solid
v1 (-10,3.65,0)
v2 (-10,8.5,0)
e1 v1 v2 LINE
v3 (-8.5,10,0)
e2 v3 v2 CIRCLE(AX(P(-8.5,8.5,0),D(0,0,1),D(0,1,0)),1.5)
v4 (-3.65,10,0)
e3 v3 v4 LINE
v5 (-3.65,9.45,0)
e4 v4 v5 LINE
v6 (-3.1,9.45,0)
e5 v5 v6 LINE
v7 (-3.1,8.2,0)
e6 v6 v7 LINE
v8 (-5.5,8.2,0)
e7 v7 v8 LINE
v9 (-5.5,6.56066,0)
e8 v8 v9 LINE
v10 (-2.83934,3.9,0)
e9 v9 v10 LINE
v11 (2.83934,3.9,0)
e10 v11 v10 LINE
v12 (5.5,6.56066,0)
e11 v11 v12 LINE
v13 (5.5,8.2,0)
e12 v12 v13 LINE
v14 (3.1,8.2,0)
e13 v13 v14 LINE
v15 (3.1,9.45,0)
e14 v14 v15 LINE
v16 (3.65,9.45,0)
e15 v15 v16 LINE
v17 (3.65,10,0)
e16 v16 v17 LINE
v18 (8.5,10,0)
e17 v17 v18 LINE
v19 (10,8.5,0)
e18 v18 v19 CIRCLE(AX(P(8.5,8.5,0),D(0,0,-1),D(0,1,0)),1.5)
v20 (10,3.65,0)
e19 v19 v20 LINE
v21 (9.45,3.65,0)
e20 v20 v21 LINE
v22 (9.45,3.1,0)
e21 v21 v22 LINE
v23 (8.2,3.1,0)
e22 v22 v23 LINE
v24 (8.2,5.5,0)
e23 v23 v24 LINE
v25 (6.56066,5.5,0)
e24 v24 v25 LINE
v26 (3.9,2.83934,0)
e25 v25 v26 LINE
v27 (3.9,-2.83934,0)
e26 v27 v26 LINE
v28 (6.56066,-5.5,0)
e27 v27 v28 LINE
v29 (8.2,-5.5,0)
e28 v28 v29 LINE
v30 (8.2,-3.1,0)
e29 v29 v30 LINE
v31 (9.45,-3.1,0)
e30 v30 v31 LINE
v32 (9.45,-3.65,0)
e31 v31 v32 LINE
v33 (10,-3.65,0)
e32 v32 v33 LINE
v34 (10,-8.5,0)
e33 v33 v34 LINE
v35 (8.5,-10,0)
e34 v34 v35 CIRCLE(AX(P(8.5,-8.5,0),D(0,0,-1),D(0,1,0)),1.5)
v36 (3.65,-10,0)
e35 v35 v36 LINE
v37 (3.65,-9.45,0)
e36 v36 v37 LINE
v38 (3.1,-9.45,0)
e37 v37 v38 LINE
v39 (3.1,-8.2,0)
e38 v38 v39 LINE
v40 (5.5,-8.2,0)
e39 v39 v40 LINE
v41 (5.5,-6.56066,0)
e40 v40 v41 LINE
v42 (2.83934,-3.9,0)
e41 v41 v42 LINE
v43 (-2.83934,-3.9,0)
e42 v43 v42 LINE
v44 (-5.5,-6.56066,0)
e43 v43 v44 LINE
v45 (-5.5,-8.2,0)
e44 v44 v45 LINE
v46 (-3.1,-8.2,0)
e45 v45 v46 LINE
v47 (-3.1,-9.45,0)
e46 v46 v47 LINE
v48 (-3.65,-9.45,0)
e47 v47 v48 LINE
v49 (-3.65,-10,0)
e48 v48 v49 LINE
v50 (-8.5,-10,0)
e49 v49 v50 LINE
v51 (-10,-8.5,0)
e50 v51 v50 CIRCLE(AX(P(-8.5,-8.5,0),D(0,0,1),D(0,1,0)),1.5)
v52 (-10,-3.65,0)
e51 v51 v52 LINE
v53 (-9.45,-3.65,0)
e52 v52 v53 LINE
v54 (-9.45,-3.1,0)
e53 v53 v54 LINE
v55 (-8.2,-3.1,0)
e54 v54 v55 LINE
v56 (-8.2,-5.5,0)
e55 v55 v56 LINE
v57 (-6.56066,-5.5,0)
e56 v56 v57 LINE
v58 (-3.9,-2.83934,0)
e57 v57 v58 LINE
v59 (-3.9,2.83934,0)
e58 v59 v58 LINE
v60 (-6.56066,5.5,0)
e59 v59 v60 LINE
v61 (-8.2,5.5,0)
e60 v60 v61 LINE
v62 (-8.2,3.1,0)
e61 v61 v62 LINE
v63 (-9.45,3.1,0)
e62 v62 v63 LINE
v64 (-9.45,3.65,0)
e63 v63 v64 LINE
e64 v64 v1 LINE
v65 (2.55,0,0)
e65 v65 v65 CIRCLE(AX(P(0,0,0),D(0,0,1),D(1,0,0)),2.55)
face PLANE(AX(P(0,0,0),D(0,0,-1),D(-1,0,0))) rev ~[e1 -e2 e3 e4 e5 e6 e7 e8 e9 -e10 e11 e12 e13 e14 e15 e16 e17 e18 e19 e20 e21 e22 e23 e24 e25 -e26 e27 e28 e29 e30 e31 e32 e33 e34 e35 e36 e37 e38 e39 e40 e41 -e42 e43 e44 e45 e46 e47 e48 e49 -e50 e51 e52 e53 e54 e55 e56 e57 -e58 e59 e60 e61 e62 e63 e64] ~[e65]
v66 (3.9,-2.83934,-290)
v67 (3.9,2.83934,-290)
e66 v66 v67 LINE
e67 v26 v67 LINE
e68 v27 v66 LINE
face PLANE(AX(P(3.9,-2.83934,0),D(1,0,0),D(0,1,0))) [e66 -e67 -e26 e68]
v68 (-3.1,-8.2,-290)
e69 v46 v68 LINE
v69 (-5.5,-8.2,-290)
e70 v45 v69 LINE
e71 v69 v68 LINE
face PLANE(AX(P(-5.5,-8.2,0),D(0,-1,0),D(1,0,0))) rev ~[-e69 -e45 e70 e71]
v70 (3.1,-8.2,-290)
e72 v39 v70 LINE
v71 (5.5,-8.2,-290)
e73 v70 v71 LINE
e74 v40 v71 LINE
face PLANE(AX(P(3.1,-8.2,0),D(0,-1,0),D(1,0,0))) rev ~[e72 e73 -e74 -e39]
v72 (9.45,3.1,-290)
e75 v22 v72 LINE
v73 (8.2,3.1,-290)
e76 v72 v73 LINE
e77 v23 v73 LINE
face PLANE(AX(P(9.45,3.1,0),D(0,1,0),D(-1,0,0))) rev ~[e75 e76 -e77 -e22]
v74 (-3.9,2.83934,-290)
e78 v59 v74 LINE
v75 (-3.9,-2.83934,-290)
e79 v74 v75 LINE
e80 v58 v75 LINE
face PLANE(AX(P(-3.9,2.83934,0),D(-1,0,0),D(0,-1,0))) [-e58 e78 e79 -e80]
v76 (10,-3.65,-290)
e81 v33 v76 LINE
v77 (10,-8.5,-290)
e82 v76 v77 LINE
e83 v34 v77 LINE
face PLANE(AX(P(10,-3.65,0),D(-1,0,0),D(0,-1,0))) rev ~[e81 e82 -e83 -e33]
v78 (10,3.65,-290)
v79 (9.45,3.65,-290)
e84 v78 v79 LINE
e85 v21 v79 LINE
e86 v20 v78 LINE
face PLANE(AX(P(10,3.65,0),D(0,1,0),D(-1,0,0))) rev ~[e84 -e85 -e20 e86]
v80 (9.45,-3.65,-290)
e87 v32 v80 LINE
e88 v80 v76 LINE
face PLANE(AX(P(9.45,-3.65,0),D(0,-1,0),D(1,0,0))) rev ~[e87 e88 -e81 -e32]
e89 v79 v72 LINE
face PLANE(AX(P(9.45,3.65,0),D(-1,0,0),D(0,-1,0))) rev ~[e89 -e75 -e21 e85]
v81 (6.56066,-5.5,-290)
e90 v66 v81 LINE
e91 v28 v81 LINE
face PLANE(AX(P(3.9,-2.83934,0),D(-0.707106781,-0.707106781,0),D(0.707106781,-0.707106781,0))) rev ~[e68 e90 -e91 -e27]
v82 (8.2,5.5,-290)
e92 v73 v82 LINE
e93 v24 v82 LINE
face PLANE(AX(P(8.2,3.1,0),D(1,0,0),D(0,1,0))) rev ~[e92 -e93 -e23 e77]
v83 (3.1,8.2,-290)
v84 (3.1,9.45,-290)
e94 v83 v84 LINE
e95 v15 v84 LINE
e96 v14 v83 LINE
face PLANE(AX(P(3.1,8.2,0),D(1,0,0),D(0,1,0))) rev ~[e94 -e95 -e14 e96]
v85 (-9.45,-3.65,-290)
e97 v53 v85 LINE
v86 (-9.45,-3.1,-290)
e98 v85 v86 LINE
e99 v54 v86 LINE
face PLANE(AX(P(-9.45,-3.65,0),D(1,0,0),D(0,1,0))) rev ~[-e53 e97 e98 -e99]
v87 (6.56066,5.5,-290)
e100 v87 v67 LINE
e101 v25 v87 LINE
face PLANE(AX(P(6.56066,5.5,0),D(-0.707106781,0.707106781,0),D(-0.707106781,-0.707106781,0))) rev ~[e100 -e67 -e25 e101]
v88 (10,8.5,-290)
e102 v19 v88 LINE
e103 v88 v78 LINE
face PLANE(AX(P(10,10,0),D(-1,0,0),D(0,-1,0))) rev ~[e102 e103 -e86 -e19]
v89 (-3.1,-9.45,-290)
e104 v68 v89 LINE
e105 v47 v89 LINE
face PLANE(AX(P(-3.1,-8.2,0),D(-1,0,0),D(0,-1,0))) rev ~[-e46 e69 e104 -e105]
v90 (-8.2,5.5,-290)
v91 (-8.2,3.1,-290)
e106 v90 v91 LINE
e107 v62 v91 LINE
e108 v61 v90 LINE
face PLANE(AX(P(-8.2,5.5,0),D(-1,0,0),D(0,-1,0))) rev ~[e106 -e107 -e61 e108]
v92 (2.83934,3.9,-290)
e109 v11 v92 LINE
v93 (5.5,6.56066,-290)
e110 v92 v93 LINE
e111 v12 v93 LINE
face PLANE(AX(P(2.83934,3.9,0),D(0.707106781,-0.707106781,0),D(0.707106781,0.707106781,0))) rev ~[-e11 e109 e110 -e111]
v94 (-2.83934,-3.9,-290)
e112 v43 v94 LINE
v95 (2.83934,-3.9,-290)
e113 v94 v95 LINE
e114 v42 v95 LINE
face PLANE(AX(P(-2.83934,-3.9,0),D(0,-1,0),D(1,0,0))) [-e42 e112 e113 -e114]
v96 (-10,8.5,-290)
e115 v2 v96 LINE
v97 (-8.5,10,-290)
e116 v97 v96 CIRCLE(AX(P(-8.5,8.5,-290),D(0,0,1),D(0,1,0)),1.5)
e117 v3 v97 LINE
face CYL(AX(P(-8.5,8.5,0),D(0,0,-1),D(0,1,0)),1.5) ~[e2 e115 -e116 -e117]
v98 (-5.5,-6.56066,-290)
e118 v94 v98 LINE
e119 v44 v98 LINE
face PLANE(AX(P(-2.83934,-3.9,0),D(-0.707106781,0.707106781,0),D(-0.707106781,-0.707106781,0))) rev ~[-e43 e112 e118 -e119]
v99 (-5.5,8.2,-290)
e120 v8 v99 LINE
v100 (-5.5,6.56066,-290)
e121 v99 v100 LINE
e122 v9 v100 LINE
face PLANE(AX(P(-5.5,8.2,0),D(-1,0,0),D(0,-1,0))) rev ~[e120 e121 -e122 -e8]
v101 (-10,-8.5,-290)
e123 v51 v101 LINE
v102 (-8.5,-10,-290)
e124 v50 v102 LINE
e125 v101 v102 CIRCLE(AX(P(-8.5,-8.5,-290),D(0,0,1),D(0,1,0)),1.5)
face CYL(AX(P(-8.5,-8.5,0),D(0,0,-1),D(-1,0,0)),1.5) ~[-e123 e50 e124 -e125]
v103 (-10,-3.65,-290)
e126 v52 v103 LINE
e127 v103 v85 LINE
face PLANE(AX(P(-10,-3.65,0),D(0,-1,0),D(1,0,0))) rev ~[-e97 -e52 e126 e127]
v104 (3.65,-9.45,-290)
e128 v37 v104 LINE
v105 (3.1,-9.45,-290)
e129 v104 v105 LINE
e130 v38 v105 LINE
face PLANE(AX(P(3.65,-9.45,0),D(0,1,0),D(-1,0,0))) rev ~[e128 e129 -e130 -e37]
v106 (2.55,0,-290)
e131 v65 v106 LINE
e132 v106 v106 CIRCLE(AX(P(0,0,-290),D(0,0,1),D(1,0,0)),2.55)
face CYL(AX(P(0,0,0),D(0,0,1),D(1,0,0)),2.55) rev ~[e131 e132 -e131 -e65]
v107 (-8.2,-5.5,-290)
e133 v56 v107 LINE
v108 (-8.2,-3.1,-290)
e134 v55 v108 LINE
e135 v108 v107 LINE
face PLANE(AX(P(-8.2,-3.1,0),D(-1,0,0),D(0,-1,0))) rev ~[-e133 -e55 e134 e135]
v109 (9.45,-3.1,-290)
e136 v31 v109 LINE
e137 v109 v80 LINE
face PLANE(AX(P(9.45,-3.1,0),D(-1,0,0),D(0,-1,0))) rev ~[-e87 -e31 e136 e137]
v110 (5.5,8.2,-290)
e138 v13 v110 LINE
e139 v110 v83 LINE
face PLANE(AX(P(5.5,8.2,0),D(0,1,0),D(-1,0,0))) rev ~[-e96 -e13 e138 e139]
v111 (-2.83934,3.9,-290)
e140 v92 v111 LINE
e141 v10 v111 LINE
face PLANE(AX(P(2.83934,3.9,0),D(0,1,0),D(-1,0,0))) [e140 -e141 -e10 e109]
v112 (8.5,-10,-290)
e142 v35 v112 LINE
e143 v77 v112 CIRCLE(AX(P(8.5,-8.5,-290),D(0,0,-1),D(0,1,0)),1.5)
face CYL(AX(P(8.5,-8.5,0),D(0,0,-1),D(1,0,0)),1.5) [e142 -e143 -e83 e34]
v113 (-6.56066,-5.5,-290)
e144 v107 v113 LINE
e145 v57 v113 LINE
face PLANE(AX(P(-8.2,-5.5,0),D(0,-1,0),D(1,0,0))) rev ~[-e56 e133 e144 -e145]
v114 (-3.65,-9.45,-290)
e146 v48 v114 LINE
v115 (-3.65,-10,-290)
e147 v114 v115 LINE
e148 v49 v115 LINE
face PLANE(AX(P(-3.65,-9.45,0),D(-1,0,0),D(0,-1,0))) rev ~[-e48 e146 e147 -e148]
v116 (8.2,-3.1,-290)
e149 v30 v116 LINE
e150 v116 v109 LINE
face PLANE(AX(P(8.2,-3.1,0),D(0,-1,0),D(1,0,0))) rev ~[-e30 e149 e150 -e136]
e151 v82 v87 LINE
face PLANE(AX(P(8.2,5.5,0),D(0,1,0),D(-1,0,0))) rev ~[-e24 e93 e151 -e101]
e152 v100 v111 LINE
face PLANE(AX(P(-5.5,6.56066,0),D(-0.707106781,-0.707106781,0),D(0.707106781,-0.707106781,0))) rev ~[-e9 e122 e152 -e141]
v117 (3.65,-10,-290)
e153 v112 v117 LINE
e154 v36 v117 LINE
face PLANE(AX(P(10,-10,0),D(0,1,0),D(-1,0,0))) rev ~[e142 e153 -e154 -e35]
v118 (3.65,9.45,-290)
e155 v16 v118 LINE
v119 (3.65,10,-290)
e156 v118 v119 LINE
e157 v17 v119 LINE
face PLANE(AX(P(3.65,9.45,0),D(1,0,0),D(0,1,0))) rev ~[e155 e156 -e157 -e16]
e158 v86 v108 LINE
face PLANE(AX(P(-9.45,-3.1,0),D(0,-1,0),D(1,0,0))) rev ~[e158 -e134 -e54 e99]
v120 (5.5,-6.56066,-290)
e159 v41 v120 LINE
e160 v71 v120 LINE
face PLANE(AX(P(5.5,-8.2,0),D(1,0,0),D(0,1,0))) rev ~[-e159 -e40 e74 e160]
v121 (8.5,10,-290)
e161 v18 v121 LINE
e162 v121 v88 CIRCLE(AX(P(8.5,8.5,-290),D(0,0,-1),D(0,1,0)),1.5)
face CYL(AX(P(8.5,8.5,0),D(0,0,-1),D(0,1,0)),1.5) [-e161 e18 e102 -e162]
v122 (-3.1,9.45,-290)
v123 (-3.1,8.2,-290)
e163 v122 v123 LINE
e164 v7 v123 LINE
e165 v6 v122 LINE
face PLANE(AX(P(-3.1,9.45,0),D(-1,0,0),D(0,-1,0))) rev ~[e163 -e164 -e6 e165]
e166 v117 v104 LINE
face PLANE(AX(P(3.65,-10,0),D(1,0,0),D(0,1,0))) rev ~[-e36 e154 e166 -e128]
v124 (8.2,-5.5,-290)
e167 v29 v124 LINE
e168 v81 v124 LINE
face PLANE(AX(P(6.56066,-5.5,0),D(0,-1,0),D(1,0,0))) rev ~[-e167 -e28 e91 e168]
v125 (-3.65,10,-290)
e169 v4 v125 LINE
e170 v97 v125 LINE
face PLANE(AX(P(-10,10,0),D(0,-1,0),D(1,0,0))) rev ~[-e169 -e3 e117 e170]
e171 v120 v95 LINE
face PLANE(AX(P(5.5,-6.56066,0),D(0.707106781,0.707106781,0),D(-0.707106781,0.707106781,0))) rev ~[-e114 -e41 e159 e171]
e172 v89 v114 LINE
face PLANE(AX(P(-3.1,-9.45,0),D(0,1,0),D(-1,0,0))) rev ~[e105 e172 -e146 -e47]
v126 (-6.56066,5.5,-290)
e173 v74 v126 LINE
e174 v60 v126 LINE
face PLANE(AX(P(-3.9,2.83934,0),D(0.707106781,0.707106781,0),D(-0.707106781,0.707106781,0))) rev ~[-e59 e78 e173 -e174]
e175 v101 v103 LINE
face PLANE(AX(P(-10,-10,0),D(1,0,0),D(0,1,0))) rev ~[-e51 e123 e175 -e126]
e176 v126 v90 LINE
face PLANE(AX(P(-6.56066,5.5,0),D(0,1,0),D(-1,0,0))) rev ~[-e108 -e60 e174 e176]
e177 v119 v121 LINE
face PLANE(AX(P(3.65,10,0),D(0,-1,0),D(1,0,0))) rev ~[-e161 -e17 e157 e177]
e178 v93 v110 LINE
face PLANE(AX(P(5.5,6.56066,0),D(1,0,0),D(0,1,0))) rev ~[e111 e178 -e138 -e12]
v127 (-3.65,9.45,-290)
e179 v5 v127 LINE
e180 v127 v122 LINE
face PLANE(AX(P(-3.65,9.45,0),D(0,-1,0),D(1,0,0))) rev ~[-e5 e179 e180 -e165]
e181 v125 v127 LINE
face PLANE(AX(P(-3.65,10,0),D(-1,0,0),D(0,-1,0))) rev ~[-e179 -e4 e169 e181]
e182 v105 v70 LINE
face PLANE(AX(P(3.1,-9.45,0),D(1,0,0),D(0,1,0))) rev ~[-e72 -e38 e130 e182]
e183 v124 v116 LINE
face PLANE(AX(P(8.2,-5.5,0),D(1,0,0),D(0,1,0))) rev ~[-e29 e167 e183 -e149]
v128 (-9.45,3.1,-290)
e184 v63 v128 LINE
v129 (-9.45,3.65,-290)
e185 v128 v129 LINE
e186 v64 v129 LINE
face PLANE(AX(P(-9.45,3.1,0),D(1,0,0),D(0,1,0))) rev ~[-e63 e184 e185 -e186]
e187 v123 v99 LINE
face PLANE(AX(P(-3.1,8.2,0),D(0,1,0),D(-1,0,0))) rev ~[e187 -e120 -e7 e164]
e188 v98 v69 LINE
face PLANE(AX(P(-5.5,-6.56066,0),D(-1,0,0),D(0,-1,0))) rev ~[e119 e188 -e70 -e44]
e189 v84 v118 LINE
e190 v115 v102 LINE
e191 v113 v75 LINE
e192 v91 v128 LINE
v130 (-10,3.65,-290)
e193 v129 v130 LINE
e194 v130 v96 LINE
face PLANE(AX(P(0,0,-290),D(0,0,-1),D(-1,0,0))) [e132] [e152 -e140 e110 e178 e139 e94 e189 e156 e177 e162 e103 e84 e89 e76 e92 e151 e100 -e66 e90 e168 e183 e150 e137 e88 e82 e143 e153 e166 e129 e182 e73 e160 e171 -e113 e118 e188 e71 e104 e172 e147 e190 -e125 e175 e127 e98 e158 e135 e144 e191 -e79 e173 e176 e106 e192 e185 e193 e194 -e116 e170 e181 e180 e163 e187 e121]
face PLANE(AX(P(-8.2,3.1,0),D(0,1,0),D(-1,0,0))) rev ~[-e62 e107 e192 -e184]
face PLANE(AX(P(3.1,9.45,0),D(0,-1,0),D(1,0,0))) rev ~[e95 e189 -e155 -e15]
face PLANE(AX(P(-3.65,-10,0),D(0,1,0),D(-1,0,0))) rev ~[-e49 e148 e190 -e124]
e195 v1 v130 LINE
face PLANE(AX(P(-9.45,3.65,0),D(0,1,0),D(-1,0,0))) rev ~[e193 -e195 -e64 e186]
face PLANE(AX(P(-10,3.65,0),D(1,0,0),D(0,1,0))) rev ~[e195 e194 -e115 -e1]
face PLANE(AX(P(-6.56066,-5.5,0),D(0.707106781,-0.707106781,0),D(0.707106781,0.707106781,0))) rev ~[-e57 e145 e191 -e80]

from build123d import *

# Parameters (mm, degrees)
BOSS_EXTRUDE1_DEPTH = 290
SKETCH3_R           = 2.55
CUT_EXTRUDE1_DEPTH  = 291.344622819
FILLET1_R           = 1.5


with BuildPart() as part:
    # Sketch2 → Boss-Extrude1 (new body)
    with BuildSketch(Plane.XY):
        Polygon((-10, 10), (-3.65, 10), (-3.65, 9.45), (-3.1, 9.45), (-3.1, 8.2), (-5.5, 8.2), (-5.5, 6.560660172), (-2.839339828, 3.9), (0, 3.9), (2.839339828, 3.9), (5.5, 6.560660172), (5.5, 8.2), (3.1, 8.2), (3.1, 9.45), (3.65, 9.45), (3.65, 10), (10, 10), (10, 3.65), (9.45, 3.65), (9.45, 3.1), (8.2, 3.1), (8.2, 5.5), (6.560660172, 5.5), (3.9, 2.839339828), (3.9, 0), (3.9, -2.839339828), (6.560660172, -5.5), (8.2, -5.5), (8.2, -3.1), (9.45, -3.1), (9.45, -3.65), (10, -3.65), (10, -10), (3.65, -10), (3.65, -9.45), (3.1, -9.45), (3.1, -8.2), (5.5, -8.2), (5.5, -6.560660172), (2.839339828, -3.9), (0, -3.9), (-2.839339828, -3.9), (-5.5, -6.560660172), (-5.5, -8.2), (-3.1, -8.2), (-3.1, -9.45), (-3.65, -9.45), (-3.65, -10), (-10, -10), (-10, -3.65), (-9.45, -3.65), (-9.45, -3.1), (-8.2, -3.1), (-8.2, -5.5), (-6.560660172, -5.5), (-3.9, -2.839339828), (-3.9, 0), (-3.9, 2.839339828), (-6.560660172, 5.5), (-8.2, 5.5), (-8.2, 3.1), (-9.45, 3.1), (-9.45, 3.65), (-10, 3.65), align=None)
    extrude(amount=-BOSS_EXTRUDE1_DEPTH)

    # Sketch3 → Cut-Extrude1 (cut, through all)
    with BuildSketch(Plane.XY):
        Circle(SKETCH3_R)
    extrude(amount=-CUT_EXTRUDE1_DEPTH, mode=Mode.SUBTRACT)

    # Fillet1
    fillet1_edges = [part.edges().sort_by_distance(p)[0] for p in [
        (10, 10, -145),
        (10, -10, -145),
        (-10, -10, -145),
        (-10, 10, -145),
    ]]
    fillet(fillet1_edges, radius=FILLET1_R)


solid = part.part
